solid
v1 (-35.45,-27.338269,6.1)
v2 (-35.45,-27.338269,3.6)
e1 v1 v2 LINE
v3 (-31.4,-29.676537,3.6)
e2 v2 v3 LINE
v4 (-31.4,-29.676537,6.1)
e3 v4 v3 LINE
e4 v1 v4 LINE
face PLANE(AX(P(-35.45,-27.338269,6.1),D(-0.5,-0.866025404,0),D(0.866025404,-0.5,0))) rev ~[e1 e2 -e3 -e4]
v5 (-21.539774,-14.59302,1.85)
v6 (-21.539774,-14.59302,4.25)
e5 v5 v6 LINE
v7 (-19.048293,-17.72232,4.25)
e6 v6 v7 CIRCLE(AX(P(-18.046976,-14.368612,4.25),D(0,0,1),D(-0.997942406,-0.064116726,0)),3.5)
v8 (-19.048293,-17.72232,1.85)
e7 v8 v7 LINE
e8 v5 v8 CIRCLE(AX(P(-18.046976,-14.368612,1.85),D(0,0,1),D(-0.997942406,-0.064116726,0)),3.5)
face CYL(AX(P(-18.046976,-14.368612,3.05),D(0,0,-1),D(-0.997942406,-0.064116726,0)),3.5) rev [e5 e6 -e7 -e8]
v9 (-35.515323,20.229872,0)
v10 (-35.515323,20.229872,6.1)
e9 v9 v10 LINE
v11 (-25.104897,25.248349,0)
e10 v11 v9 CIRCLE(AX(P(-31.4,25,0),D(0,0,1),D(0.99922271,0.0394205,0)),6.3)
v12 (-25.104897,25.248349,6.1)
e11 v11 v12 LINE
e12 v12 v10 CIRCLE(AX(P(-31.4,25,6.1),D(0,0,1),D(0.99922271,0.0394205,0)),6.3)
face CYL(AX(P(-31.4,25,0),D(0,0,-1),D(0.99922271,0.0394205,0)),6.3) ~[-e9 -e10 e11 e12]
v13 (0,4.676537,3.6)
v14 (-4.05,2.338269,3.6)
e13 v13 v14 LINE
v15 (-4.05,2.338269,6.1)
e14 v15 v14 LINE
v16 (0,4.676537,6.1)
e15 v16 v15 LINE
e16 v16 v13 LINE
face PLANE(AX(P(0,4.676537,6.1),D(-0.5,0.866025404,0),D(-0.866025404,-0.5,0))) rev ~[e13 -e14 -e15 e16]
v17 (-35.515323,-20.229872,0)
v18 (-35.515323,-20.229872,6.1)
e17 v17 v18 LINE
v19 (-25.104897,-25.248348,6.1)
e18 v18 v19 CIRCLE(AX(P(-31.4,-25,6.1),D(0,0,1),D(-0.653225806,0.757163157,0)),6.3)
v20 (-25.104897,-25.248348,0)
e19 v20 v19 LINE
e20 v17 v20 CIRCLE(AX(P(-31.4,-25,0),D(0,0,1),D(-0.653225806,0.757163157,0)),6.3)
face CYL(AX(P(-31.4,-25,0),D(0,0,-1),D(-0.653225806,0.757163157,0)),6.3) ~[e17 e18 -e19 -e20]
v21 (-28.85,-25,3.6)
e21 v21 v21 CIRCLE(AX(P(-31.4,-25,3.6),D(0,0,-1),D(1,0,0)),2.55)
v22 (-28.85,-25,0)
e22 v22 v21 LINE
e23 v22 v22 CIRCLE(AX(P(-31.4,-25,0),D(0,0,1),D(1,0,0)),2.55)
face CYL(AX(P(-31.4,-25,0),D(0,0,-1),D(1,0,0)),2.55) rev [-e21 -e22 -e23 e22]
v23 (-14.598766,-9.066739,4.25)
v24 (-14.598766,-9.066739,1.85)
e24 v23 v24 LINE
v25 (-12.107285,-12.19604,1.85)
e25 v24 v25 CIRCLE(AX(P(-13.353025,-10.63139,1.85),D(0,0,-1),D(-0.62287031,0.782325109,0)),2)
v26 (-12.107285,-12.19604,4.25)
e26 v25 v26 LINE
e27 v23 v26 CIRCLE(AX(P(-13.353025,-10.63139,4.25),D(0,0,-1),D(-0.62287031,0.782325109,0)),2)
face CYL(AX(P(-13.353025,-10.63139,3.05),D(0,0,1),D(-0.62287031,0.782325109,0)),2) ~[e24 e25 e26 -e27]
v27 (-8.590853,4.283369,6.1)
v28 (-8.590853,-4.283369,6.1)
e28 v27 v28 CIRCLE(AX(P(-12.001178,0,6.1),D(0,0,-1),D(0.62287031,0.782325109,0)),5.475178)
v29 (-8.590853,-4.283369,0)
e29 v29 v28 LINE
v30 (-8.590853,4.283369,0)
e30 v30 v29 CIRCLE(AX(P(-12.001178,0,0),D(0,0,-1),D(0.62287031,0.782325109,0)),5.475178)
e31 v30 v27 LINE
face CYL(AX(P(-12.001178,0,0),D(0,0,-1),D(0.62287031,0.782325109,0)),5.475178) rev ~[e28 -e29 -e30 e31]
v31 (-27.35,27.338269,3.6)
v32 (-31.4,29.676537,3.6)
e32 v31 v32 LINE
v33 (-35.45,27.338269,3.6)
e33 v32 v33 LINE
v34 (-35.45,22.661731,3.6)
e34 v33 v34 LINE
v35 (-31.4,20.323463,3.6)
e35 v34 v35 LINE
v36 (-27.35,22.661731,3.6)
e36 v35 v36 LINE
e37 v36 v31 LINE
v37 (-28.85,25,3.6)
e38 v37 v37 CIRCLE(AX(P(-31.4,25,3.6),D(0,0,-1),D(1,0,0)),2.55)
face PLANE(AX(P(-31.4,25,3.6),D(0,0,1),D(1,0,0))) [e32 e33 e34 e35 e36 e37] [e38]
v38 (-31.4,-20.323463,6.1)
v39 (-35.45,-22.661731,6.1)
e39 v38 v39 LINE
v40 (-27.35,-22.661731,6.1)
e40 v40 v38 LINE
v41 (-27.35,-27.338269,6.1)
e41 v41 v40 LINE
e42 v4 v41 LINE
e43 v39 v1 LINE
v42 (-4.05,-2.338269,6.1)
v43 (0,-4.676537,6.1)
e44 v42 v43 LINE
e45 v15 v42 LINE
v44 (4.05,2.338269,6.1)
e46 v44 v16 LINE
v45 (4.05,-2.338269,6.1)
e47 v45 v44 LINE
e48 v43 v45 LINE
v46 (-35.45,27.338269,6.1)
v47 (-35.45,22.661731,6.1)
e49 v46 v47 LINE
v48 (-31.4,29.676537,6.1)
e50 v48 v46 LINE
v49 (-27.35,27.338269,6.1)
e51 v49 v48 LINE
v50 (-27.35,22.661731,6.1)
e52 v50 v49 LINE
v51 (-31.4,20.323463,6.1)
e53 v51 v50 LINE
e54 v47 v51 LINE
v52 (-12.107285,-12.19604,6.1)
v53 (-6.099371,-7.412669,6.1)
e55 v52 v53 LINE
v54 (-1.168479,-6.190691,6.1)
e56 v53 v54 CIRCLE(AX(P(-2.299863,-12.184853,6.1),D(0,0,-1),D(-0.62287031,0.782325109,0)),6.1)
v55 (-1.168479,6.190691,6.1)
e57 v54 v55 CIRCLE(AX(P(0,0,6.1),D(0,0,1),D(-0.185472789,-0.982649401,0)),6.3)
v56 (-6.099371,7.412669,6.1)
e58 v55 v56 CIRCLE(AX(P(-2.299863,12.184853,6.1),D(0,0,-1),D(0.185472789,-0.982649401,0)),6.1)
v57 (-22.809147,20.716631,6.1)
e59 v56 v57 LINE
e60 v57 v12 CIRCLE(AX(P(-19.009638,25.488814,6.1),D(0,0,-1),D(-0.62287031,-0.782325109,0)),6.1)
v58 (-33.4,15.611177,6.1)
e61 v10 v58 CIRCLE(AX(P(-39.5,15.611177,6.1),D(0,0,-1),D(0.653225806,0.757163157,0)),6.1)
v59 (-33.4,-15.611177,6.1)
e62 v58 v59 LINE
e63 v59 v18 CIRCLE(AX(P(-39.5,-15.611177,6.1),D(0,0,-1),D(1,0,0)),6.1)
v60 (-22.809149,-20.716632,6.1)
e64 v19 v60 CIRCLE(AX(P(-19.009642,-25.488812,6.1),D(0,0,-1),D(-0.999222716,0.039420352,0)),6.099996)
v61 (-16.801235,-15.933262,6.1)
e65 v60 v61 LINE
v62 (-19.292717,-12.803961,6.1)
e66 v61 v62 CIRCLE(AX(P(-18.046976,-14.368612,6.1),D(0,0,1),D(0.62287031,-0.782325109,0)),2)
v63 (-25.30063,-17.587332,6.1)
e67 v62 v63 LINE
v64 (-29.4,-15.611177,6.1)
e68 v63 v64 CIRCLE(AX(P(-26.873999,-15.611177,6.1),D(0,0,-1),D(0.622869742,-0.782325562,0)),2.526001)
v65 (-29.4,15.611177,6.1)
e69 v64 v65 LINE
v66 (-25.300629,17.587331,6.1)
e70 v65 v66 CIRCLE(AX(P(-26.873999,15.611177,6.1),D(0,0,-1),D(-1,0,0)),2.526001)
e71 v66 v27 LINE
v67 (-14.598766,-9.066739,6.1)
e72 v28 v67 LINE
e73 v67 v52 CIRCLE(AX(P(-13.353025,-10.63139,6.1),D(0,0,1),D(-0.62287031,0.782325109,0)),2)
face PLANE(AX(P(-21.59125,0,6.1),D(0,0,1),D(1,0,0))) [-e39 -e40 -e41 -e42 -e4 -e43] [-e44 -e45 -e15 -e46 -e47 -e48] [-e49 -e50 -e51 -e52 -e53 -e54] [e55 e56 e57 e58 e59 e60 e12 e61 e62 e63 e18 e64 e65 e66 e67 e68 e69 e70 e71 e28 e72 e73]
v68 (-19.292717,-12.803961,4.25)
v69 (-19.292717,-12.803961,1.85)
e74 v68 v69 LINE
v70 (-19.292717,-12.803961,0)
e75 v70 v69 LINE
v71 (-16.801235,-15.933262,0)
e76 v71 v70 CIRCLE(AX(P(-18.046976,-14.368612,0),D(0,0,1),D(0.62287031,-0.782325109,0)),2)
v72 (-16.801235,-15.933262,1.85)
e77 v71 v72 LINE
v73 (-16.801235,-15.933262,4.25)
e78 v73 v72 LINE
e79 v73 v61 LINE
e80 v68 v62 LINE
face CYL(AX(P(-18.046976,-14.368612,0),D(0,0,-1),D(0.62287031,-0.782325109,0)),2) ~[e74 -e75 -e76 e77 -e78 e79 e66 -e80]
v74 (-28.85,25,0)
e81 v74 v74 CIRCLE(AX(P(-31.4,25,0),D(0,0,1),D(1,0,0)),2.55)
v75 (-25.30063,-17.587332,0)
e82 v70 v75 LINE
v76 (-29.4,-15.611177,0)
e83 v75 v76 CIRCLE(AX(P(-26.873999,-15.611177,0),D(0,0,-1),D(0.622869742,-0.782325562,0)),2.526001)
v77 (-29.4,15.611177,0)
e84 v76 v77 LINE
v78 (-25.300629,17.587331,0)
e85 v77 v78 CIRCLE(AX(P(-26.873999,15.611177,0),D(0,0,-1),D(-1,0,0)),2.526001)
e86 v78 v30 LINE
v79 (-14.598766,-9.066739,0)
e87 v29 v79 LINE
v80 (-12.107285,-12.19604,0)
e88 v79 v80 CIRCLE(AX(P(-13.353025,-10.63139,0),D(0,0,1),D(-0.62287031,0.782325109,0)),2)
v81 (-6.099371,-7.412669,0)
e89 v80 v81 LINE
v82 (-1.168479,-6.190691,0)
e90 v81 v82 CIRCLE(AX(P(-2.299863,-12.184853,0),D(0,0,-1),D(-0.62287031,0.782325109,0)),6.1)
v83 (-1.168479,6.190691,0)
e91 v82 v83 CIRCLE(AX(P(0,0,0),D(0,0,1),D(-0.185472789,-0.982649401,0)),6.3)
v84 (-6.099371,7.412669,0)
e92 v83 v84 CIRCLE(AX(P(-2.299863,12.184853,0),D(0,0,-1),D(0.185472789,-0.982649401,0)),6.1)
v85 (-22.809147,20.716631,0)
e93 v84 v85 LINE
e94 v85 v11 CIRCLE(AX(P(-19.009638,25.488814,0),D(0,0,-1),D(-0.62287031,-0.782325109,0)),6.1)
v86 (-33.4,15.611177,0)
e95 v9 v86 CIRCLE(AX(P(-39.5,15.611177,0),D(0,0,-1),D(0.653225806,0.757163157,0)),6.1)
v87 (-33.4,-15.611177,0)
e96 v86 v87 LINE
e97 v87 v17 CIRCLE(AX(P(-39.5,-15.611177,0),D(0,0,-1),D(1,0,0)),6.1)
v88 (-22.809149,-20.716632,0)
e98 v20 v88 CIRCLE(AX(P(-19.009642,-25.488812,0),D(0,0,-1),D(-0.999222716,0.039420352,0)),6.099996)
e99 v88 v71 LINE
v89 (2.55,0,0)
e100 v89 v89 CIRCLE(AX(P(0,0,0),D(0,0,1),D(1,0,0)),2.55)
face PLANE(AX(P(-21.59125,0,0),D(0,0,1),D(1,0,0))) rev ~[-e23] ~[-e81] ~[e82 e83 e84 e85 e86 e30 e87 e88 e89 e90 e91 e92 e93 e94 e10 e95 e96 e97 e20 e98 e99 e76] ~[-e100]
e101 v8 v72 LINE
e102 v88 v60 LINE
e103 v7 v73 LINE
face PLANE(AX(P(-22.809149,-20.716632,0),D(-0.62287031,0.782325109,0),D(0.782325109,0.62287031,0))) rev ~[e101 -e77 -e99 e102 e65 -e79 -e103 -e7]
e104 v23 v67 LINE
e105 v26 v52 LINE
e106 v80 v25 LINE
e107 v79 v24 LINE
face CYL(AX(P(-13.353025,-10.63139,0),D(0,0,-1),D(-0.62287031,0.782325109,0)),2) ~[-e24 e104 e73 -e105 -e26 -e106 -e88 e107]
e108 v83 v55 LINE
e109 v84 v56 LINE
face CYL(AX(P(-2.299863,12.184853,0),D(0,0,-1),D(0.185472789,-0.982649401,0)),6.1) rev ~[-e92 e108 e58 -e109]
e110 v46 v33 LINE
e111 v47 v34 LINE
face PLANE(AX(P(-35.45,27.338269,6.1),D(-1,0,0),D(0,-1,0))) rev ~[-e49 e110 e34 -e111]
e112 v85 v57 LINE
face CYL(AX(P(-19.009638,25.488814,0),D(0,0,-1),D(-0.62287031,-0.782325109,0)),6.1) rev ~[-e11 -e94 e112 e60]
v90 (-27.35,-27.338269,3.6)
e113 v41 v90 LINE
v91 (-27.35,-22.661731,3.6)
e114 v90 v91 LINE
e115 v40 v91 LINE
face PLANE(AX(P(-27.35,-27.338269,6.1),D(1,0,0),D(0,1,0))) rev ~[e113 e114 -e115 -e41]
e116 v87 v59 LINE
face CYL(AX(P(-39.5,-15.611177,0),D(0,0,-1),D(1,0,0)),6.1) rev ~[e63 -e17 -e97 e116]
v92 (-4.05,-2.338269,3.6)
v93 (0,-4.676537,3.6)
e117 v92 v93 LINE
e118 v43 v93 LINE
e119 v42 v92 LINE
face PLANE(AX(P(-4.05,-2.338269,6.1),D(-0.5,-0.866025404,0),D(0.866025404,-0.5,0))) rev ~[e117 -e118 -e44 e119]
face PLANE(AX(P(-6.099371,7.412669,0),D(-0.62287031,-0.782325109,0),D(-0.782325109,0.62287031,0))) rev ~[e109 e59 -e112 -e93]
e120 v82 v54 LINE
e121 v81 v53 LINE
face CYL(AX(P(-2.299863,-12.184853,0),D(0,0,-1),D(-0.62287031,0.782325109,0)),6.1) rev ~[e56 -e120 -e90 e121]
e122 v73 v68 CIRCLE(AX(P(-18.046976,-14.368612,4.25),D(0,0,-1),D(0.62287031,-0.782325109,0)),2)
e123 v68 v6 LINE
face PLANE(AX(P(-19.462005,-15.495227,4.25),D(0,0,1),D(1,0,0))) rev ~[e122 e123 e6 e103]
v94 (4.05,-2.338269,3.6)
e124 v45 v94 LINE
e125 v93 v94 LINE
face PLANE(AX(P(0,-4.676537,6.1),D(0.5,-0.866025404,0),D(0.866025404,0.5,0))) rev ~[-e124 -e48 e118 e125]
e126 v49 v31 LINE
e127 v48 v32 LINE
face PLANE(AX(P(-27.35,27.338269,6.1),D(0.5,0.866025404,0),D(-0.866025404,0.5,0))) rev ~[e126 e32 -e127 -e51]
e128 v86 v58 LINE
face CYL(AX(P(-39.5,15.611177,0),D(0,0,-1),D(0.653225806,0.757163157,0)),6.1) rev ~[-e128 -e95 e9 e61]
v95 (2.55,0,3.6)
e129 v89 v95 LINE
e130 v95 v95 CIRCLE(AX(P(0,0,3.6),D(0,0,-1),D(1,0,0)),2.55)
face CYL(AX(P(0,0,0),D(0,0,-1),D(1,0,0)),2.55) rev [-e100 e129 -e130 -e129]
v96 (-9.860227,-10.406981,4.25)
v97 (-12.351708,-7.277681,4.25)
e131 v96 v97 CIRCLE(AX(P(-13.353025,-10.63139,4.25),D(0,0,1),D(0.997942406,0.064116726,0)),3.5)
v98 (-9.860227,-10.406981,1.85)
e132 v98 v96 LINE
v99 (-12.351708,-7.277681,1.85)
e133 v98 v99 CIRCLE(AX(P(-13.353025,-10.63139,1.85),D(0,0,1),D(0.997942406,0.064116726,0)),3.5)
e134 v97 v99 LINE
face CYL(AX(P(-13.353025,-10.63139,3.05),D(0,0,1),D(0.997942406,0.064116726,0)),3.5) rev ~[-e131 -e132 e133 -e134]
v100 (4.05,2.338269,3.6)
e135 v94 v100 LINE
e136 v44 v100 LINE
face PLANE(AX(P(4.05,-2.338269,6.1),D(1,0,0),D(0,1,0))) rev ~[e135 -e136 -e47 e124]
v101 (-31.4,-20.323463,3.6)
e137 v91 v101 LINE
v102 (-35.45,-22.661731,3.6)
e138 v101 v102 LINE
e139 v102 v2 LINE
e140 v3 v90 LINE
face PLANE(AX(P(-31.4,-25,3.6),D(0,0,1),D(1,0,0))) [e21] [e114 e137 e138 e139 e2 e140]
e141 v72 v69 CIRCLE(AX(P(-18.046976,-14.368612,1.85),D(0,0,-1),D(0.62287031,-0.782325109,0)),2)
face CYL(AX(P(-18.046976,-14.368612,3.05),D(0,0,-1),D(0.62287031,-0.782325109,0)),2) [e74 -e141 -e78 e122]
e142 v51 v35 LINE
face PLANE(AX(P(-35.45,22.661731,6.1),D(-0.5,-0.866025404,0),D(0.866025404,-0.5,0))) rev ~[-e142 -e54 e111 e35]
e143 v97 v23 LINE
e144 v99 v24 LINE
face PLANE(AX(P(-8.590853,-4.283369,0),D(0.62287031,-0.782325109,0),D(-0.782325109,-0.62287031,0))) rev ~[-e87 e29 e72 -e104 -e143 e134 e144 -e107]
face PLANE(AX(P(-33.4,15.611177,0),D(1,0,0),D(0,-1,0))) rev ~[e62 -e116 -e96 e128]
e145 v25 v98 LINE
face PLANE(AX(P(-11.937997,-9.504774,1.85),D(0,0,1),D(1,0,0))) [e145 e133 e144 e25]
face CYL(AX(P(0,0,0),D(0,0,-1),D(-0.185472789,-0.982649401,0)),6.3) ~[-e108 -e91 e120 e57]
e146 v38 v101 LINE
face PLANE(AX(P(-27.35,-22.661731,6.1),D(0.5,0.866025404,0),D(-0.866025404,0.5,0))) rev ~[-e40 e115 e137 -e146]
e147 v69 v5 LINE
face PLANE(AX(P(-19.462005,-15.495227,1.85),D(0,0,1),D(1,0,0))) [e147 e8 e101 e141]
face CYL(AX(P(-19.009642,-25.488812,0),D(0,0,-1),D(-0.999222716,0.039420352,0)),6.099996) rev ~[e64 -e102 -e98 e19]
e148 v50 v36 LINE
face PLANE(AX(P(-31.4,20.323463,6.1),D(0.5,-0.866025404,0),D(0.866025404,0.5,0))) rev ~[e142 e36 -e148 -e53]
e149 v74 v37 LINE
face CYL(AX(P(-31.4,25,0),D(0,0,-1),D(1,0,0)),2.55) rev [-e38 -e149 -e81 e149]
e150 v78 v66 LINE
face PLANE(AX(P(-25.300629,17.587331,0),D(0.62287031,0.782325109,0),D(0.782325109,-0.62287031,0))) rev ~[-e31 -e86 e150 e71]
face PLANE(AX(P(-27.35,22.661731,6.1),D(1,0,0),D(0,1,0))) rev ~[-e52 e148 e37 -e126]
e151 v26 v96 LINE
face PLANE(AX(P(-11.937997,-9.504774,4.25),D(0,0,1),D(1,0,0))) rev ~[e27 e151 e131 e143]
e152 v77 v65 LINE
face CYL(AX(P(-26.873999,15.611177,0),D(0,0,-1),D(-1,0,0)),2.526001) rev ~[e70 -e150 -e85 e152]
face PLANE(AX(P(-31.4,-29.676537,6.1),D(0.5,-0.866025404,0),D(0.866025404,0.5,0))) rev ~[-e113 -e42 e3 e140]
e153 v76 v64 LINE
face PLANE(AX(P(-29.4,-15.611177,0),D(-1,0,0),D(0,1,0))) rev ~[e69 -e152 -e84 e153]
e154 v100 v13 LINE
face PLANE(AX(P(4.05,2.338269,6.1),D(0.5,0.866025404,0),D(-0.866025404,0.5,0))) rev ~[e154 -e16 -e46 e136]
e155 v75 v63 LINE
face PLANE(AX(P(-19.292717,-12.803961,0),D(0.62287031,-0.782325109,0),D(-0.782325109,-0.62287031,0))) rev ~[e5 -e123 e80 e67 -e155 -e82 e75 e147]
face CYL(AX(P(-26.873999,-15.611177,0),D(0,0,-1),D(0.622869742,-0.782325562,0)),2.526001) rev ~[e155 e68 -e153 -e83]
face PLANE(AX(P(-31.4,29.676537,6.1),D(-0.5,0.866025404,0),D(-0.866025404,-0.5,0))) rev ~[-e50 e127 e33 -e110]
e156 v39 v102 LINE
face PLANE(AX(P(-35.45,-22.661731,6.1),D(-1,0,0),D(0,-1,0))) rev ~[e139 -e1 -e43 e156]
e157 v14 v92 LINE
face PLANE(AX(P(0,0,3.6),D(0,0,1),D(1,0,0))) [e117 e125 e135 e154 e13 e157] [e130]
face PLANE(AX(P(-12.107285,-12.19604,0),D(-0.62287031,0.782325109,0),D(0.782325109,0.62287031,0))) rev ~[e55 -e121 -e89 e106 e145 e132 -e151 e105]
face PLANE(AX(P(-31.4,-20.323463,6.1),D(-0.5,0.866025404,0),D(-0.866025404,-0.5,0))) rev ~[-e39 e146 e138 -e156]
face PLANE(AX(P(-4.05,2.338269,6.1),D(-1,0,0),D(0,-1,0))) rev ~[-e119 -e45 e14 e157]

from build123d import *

# Parameters (mm, degrees)
F0_R     = 2.55
F1_DEPTH = 6.1
F3_DEPTH = 2.5
F6_DEPTH = 1.2


with BuildPart() as f1:
    # F0 (on Top) → F1 (new body)
    with BuildSketch(Plane.XY):
        with BuildLine():
            ThreePointArc((-22.8091472875, 20.7166310371), (-24.4512119604, 22.7321355607), (-25.1048969271, 25.2483491523))
            ThreePointArc((-25.1048969271, 25.2483491523), (-34.1357153903, 30.6750208196), (-35.5153225806, 20.2298721131))
            ThreePointArc((-35.5153225806, 20.2298721131), (-33.9539864651, 18.15120321), (-33.4, 15.6111768576))
            Line((-33.4, 15.6111768576), (-33.4, -15.6111768576))
            ThreePointArc((-33.4, -15.6111768576), (-33.9539864651, -18.15120321), (-35.5153225806, -20.2298721131))
            ThreePointArc((-35.5153225806, -20.2298721131), (-34.1357149704, -30.6750210221), (-25.1048968903, -25.2483482207))
            ThreePointArc((-25.1048968903, -25.2483482207), (-24.4512125214, -22.7321357825), (-22.8091487233, -20.7166321802))
            Line((-22.8091487233, -20.7166321802), (-16.801235426, -15.9332617206))
            ThreePointArc((-16.801235426, -15.9332617206), (-16.4823258273, -13.1228708816), (-19.2927166663, -12.8039612829))
            Line((-19.2927166663, -12.8039612829), (-25.3006299635, -17.5873317424))
            ThreePointArc((-25.3006299635, -17.5873317424), (-27.9708920533, -17.8865901621), (-29.4, -15.6111768576))
            Line((-29.4, -15.6111768576), (-29.4, 15.6111768576))
            ThreePointArc((-29.4, 15.6111768576), (-27.9708912267, 17.8865905605), (-25.3006285278, 17.5873305993))
            Line((-25.3006285278, 17.5873305993), (-8.5908527125, 4.2833689629))
            ThreePointArc((-8.5908527125, 4.2833689629), (-6.5260006587, 0), (-8.5908527125, -4.2833689629))
            Line((-8.5908527125, -4.2833689629), (-14.5987660097, -9.0667394225))
            ThreePointArc((-14.5987660097, -9.0667394225), (-14.9176756084, -11.8771302615), (-12.1072847694, -12.1960398602))
            Line((-12.1072847694, -12.1960398602), (-6.0993714722, -7.4126694007))
            ThreePointArc((-6.0993714722, -7.4126694007), (-3.7671833568, -6.2639599209), (-1.1684785693, -6.1906912242))
            ThreePointArc((-1.1684785693, -6.1906912242), (6.3, 0), (-1.1684785693, 6.1906912242))
            ThreePointArc((-1.1684785693, 6.1906912242), (-3.7671833568, 6.2639599209), (-6.0993714722, 7.4126694007))
            Line((-6.0993714722, 7.4126694007), (-22.8091472875, 20.7166310371))
        make_face()
        with Locations((-31.4, -25)):
            Circle(F0_R, mode=Mode.SUBTRACT)
        with Locations((-31.4, 25)):
            Circle(F0_R, mode=Mode.SUBTRACT)
        Circle(F0_R, mode=Mode.SUBTRACT)
    extrude(amount=F1_DEPTH)

    # F2 (on face) → F3 (cut)
    with BuildSketch(Plane.XY.offset(6.1)):
        Polygon((-27.35, 22.6617314098), (-27.35, 27.3382685902), (-31.4, 29.6765371804), (-35.45, 27.3382685902), (-35.45, 22.6617314098), (-31.4, 20.3234628196), align=None)
        Polygon((-27.35, -27.3382685902), (-27.35, -22.6617314098), (-31.4, -20.3234628196), (-35.45, -22.6617314098), (-35.45, -27.3382685902), (-31.4, -29.6765371804), align=None)
        Polygon((-4.05, 2.3382685902), (-4.05, -2.3382685902), (0, -4.6765371804), (4.05, -2.3382685902), (4.05, 2.3382685902), (0, 4.6765371804), align=None)
    extrude(amount=-F3_DEPTH, mode=Mode.SUBTRACT)

    # F5 (on mid) → F6 (cut, symmetric)
    with BuildSketch(Plane.XY.offset(3.05)):
        with BuildLine():
            Line((-19.2927166663, -12.8039612829), (-21.5397744668, -14.5930200413))
            ThreePointArc((-21.5397744668, -14.5930200413), (-20.7851139292, -16.5486575869), (-19.0482932266, -17.722320479))
            Line((-19.0482932266, -17.722320479), (-16.801235426, -15.9332617206))
            ThreePointArc((-16.801235426, -15.9332617206), (-19.611626265, -15.6143521218), (-19.2927166663, -12.8039612829))
        make_face()
        with BuildLine():
            ThreePointArc((-14.5987660097, -9.0667394225), (-11.7883751707, -9.3856490213), (-12.1072847694, -12.1960398602))
            Line((-12.1072847694, -12.1960398602), (-9.8602269689, -10.4069811018))
            ThreePointArc((-9.8602269689, -10.4069811018), (-10.6148875066, -8.4513435562), (-12.3517082091, -7.2776806641))
            Line((-12.3517082091, -7.2776806641), (-14.5987660097, -9.0667394225))
        make_face()
    extrude(amount=F6_DEPTH, both=True, mode=Mode.SUBTRACT)


solid = f1.part
